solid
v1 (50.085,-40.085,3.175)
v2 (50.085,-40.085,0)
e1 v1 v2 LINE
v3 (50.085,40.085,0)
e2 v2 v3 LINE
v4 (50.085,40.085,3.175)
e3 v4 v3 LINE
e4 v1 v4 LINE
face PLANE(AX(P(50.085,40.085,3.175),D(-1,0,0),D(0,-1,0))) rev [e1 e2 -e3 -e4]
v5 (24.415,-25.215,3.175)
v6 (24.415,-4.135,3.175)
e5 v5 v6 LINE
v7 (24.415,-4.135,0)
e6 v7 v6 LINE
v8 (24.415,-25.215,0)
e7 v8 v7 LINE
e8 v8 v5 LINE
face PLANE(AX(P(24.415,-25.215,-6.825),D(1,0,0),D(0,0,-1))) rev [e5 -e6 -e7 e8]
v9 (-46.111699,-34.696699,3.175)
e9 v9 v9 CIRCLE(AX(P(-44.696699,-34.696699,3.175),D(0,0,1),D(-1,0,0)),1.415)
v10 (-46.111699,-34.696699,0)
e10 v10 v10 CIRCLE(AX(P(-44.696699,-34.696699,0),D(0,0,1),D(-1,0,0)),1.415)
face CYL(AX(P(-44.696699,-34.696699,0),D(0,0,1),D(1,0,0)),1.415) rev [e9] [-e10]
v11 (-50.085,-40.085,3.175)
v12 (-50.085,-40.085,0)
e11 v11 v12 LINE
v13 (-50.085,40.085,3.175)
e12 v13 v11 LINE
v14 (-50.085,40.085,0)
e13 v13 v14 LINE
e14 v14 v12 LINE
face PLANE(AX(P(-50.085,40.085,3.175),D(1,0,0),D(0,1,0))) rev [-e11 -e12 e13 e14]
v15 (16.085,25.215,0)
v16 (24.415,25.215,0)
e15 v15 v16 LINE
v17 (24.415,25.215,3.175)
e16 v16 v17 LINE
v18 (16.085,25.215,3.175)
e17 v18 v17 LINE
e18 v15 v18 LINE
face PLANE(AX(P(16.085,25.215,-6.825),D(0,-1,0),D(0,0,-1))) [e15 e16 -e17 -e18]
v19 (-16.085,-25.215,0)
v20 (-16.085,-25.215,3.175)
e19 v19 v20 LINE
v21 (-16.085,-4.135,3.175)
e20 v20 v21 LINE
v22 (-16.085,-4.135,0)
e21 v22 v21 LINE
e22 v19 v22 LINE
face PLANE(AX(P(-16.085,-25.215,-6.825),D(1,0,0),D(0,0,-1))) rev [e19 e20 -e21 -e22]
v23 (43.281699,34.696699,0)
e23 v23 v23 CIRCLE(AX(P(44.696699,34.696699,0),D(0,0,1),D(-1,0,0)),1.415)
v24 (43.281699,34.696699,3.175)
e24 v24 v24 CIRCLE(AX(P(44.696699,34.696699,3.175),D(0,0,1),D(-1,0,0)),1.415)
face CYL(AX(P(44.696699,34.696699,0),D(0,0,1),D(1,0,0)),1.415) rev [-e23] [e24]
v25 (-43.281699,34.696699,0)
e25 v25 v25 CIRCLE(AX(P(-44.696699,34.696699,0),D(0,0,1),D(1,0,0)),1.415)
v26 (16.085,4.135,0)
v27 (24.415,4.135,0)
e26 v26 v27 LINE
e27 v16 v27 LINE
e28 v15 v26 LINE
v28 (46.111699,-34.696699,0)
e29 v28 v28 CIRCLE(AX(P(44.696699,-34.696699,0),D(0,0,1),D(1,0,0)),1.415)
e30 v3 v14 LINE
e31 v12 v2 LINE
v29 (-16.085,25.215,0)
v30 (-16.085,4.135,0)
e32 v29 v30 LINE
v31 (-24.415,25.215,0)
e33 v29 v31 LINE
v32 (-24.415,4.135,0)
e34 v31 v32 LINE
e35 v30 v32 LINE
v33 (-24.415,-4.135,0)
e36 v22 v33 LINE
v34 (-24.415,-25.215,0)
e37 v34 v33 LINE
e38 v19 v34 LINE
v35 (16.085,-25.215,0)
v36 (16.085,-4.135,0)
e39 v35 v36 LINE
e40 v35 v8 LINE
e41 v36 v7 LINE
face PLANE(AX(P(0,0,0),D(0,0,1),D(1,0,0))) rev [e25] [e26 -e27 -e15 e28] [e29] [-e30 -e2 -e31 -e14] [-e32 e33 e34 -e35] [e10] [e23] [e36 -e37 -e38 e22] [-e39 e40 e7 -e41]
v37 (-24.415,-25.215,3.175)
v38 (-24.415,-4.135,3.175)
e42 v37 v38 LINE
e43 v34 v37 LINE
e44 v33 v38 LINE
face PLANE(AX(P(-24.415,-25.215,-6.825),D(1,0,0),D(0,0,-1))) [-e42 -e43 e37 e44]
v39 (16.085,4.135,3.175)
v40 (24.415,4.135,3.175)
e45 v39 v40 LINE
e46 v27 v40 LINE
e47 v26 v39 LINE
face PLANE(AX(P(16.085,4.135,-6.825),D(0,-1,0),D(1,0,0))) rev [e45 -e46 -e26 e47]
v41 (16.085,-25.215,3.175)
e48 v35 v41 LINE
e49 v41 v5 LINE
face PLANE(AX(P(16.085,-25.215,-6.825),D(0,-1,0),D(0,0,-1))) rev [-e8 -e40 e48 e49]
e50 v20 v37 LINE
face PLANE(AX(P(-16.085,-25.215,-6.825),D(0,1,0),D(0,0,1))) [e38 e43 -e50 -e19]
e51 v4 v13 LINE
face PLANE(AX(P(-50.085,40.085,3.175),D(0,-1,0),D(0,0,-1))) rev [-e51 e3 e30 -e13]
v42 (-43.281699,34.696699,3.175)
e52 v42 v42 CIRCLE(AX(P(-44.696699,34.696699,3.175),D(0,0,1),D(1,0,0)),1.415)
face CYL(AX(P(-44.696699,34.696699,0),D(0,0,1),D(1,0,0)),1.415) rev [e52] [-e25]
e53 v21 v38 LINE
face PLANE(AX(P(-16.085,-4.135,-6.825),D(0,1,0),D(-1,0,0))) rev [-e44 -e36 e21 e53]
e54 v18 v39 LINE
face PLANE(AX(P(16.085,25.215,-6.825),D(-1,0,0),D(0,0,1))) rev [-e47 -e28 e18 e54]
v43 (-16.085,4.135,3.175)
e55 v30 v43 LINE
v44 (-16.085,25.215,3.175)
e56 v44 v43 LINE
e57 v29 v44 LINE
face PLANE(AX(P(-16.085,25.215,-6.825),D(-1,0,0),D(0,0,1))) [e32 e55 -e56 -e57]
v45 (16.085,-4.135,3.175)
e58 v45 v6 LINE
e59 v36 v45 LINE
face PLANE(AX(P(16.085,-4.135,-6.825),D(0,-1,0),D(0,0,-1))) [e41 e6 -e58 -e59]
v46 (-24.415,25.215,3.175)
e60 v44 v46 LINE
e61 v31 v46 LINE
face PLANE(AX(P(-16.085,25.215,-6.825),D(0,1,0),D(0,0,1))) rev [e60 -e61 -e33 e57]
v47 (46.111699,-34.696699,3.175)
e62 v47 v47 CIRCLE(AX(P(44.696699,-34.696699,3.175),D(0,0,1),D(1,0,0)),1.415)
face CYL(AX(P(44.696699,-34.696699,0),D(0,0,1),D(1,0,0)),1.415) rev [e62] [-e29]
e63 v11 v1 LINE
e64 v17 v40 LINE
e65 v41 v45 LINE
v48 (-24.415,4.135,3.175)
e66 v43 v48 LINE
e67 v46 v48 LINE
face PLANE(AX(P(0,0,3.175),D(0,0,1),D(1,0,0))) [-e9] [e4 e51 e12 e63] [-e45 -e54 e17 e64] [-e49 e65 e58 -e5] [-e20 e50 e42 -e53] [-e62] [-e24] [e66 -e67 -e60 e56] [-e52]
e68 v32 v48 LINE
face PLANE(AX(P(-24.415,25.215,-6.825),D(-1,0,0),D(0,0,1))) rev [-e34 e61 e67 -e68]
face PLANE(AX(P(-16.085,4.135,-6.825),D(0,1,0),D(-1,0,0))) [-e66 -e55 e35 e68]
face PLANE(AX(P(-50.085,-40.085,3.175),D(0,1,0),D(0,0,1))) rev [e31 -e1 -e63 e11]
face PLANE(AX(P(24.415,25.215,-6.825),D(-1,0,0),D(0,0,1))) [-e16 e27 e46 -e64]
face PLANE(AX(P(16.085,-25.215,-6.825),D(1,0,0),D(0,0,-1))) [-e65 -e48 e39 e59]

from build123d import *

# Parameters (mm, degrees)
SKETCH1_W           = 100.17
SKETCH1_H           = 80.17
BOSS_EXTRUDE1_DEPTH = 3.175
SKETCH3_R           = 1.415
CUT_EXTRUDE2_DEPTH  = 4.175
SKETCH2_W           = 8.33
SKETCH2_H           = 21.08
CUT_EXTRUDE3_DEPTH  = 10


with BuildPart() as part:
    # Sketch1 → Boss-Extrude1 (new body)
    with BuildSketch(Plane.XY):
        Rectangle(SKETCH1_W, SKETCH1_H)
    extrude(amount=BOSS_EXTRUDE1_DEPTH)

    # Sketch3 → Cut-Extrude2 (cut, through all)
    with BuildSketch(Plane.XY.offset(3.175)):
        with Locations((-44.696699141, 34.696699141)):
            Circle(SKETCH3_R)
        with Locations((44.696699141, 34.696699141)):
            Circle(SKETCH3_R)
        with Locations((44.696699141, -34.696699141)):
            Circle(SKETCH3_R)
        with Locations((-44.696699141, -34.696699141)):
            Circle(SKETCH3_R)
    extrude(amount=-CUT_EXTRUDE2_DEPTH, mode=Mode.SUBTRACT)

    # Sketch2 → Cut-Extrude3 (cut)
    with BuildSketch(Plane.XY.offset(3.175)):
        with Locations((-20.25, 14.675)):
            Rectangle(SKETCH2_W, SKETCH2_H)
        with Locations((20.25, 14.675)):
            Rectangle(SKETCH2_W, SKETCH2_H)
        with Locations((-20.25, -14.675)):
            Rectangle(SKETCH2_W, SKETCH2_H)
        with Locations((20.25, -14.675)):
            Rectangle(SKETCH2_W, SKETCH2_H)
    extrude(amount=-CUT_EXTRUDE3_DEPTH, mode=Mode.SUBTRACT)


solid = part.part
